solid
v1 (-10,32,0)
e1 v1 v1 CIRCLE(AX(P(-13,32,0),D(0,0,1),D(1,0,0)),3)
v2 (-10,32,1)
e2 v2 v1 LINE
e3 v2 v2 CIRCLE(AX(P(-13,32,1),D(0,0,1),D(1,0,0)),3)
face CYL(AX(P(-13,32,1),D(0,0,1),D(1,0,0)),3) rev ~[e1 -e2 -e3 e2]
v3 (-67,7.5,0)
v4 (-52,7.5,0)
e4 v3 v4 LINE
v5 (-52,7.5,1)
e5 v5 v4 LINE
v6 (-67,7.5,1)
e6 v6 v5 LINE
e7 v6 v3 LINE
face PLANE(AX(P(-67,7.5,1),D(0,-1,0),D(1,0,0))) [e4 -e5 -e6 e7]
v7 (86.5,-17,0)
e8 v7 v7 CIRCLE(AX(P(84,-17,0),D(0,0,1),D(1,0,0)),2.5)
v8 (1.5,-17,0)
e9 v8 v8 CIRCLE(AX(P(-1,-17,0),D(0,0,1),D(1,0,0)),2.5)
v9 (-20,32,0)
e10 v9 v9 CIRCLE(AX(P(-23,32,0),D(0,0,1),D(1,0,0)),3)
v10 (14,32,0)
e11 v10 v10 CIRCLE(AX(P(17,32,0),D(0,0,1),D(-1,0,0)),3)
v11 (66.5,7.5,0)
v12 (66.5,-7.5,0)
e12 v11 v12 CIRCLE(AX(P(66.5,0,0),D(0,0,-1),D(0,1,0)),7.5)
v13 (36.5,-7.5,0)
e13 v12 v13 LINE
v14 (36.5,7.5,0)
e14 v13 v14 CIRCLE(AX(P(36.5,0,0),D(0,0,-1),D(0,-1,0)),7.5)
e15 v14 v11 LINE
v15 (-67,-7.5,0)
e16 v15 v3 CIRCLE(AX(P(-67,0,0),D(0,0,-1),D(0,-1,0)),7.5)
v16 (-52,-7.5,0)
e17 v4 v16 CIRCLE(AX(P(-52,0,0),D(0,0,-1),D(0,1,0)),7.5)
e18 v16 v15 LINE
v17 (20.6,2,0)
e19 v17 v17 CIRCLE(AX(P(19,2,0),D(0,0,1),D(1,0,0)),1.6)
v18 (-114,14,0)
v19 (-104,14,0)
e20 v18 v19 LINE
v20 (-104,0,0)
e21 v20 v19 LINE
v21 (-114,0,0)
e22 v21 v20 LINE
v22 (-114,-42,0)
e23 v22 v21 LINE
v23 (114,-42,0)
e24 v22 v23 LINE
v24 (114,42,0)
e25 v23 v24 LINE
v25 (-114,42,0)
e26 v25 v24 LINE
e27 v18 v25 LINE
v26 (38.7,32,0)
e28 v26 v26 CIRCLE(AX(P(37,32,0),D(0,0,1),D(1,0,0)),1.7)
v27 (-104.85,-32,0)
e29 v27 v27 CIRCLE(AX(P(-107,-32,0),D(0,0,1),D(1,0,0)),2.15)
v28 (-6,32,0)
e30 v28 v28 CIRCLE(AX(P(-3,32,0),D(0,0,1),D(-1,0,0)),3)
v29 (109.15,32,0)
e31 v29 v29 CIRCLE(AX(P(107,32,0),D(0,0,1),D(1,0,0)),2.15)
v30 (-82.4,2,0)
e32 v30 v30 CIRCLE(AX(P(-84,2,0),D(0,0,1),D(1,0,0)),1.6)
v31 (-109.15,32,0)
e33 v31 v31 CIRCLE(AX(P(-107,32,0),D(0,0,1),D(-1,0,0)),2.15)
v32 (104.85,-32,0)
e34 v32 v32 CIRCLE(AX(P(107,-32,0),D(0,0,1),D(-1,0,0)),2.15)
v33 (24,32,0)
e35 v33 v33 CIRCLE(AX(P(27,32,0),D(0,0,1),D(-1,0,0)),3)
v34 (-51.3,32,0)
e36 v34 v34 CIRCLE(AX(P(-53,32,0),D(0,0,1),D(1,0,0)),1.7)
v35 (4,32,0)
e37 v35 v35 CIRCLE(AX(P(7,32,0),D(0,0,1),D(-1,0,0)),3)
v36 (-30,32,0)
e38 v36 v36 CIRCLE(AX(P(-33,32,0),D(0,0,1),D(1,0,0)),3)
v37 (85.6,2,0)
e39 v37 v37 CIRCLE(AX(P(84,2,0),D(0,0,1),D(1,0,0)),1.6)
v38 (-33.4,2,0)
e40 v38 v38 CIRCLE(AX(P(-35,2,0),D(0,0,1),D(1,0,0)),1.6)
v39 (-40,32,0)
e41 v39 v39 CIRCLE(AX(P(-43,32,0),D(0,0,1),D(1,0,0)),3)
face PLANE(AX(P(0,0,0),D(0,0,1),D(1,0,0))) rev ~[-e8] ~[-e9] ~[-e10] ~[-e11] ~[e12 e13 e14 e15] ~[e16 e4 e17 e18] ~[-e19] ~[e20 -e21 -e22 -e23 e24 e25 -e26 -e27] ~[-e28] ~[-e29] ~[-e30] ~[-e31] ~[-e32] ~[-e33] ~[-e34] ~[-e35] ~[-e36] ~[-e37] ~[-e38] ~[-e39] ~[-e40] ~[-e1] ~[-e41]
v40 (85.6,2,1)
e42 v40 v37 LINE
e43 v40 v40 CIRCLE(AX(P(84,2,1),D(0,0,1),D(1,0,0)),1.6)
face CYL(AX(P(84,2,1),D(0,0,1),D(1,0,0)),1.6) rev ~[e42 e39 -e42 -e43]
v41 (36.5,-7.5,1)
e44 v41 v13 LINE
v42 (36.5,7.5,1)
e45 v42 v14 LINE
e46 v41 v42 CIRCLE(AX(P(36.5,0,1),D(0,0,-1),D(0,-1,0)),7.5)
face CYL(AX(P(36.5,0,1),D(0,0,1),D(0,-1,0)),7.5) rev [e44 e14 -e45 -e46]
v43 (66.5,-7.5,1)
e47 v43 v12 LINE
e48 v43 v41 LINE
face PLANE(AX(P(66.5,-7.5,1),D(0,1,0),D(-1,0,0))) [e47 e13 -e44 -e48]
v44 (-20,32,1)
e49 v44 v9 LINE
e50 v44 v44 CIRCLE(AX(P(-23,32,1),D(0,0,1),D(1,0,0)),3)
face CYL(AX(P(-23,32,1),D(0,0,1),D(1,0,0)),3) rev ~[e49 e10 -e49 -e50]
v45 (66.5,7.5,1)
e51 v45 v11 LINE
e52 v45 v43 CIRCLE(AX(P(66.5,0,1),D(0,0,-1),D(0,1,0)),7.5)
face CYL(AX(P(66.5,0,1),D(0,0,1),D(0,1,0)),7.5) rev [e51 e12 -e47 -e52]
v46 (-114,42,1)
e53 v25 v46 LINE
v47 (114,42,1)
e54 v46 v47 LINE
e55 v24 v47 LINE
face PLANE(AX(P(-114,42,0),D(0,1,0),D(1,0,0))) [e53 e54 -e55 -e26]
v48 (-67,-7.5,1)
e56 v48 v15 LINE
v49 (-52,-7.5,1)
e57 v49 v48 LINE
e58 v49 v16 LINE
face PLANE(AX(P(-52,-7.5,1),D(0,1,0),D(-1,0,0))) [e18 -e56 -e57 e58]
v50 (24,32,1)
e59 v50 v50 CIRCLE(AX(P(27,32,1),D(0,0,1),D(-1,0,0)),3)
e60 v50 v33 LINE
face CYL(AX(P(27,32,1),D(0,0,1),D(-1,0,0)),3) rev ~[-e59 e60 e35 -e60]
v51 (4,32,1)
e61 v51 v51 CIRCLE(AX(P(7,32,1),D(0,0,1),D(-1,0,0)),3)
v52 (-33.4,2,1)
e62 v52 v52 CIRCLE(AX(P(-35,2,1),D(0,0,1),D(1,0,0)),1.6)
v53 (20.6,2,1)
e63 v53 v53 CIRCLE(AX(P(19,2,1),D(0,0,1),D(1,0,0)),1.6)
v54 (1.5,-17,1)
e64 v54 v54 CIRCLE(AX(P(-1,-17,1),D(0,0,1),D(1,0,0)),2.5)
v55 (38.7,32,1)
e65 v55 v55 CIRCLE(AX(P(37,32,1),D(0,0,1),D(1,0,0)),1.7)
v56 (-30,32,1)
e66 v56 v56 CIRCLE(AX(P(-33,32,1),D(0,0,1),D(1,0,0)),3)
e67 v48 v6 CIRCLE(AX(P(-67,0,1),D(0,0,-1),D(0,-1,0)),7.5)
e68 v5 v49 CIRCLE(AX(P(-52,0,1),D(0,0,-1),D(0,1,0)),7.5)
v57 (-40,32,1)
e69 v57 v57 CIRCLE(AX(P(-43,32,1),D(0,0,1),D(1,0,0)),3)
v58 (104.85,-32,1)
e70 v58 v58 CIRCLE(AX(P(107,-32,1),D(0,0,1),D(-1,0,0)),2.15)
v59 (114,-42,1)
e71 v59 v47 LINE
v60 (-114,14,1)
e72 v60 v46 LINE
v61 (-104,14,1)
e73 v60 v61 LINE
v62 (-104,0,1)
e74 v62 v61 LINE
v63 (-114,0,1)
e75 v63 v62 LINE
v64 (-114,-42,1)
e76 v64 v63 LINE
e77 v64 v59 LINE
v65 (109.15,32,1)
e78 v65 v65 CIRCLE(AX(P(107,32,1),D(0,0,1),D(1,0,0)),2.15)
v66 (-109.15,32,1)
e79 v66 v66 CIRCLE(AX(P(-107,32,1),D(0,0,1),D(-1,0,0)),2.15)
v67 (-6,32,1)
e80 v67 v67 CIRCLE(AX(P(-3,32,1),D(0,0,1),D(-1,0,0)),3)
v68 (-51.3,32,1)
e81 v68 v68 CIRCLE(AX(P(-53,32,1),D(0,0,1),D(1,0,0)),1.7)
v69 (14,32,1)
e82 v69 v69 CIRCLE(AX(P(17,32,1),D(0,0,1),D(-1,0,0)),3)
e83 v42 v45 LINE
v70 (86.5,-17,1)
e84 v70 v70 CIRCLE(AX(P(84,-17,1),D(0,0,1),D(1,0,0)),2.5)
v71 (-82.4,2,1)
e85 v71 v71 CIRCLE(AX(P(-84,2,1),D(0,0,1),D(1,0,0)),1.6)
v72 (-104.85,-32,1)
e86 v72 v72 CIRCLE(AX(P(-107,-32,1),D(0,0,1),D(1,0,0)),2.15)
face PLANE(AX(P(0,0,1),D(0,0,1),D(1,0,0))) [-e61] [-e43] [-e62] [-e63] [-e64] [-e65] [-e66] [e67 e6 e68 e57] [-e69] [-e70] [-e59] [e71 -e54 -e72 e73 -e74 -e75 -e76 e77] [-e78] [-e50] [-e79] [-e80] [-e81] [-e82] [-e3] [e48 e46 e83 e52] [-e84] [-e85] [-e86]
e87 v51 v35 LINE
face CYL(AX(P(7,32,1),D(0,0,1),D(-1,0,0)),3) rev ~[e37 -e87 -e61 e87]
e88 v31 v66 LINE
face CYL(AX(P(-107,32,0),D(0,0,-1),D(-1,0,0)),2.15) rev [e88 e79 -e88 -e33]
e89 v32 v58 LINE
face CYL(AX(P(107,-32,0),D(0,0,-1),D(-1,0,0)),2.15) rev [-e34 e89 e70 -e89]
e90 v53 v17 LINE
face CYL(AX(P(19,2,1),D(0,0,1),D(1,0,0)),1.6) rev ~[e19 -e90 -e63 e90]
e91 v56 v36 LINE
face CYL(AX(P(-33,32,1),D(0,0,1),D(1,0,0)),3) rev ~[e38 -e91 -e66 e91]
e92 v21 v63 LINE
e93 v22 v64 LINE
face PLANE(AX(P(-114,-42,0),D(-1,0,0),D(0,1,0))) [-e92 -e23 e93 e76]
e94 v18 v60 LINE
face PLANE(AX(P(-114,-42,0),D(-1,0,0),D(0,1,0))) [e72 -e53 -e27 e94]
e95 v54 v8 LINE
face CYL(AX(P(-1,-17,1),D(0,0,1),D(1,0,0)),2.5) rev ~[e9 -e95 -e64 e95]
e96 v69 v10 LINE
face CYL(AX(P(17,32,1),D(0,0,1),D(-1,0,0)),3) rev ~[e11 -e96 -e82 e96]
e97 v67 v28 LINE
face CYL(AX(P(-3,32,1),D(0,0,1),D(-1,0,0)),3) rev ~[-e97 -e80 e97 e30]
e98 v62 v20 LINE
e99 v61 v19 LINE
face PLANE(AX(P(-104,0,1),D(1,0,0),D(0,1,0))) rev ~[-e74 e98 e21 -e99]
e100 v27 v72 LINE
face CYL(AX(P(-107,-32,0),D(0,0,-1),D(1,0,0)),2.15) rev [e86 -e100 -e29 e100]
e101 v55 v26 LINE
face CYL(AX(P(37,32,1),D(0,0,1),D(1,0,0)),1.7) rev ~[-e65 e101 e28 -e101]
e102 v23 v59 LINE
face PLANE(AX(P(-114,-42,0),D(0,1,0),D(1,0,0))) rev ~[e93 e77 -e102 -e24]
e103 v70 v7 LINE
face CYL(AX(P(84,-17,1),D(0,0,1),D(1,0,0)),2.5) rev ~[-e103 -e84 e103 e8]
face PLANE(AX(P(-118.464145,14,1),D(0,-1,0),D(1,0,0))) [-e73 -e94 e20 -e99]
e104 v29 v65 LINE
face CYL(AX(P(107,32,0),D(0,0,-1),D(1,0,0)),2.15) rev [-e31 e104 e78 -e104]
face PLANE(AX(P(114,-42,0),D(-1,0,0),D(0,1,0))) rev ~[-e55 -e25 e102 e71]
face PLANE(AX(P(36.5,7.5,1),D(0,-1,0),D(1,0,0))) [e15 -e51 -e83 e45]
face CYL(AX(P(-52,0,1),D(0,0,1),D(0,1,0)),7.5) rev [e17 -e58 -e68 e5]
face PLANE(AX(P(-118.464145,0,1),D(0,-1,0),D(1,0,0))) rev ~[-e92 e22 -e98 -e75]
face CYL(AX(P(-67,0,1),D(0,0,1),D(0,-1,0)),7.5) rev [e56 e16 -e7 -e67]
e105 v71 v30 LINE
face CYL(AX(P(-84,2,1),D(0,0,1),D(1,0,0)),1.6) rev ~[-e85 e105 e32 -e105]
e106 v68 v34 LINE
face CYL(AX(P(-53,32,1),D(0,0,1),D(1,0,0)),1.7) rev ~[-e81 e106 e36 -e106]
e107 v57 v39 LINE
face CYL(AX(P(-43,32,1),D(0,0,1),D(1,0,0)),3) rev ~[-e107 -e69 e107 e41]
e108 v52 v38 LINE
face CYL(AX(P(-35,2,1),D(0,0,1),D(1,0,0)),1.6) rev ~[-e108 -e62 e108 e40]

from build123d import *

# Parameters (mm, degrees)
SKETCH_1_W          = 228
SKETCH_1_H          = 84
SKETCH_1_R          = 2.15
EXTRUDE_1_DEPTH     = 1
SKETCH_4_R          = 1.6
SKETCH_4_W          = 14.464145402
SKETCH_4_H          = 14
CUT_EXTRUDE_2_DEPTH = 1
SKETCH_5_R          = 1.7
SKETCH_5_R_2        = 3
SKETCH_5_R_3        = 2.5
CUT_EXTRUDE_3_DEPTH = 10


with BuildPart() as part:
    # Эскиз1 → Вытянуть1 (new body)
    with BuildSketch(Plane.XY):
        Rectangle(SKETCH_1_W, SKETCH_1_H)
        with Locations((107, 32)):
            Circle(SKETCH_1_R, mode=Mode.SUBTRACT)
        with Locations(Location((-107, 32, 0), (0, 0, 180))):
            Circle(SKETCH_1_R, mode=Mode.SUBTRACT)
        with Locations((-107, -32)):
            Circle(SKETCH_1_R, mode=Mode.SUBTRACT)
        with Locations(Location((107, -32, 0), (0, 0, 180))):
            Circle(SKETCH_1_R, mode=Mode.SUBTRACT)
    extrude(amount=EXTRUDE_1_DEPTH)

    # Эскиз4 → Вырез-Вытянуть2 (cut)
    with BuildSketch(Plane.XY.offset(1)):
        with Locations((19, 2)):
            Circle(SKETCH_4_R)
        with Locations((84, 2)):
            Circle(SKETCH_4_R)
        with Locations((-84, 2)):
            Circle(SKETCH_4_R)
        with Locations((-35, 2)):
            Circle(SKETCH_4_R)
        with BuildLine():
            Line((36.5, 7.5), (66.5, 7.5))
            ThreePointArc((66.5, 7.5), (74, 0), (66.5, -7.5))
            Line((66.5, -7.5), (36.5, -7.5))
            ThreePointArc((36.5, -7.5), (29, 0), (36.5, 7.5))
        make_face()
        with BuildLine():
            Line((-67, 7.5), (-52, 7.5))
            ThreePointArc((-52, 7.5), (-44.5, 0), (-52, -7.5))
            Line((-52, -7.5), (-67, -7.5))
            ThreePointArc((-67, -7.5), (-74.5, 0), (-67, 7.5))
        make_face()
        with Locations((-111.232072701, 7)):
            Rectangle(SKETCH_4_W, SKETCH_4_H)
    extrude(amount=-CUT_EXTRUDE_2_DEPTH, mode=Mode.SUBTRACT)

    # Эскиз5 → Вырез-Вытянуть3 (cut)
    with BuildSketch(Plane.XY.offset(1)):
        with Locations((-53, 32)):
            Circle(SKETCH_5_R)
        with Locations((37, 32)):
            Circle(SKETCH_5_R)
        with Locations((-13, 32)):
            Circle(SKETCH_5_R_2)
        with Locations((-23, 32)):
            Circle(SKETCH_5_R_2)
        with Locations((-33, 32)):
            Circle(SKETCH_5_R_2)
        with Locations((-43, 32)):
            Circle(SKETCH_5_R_2)
        with Locations((-1, -17)):
            Circle(SKETCH_5_R_3)
        with Locations((84, -17)):
            Circle(SKETCH_5_R_3)
        with Locations(Location((-3, 32, 0), (0, 0, 180))):
            Circle(SKETCH_5_R_2)
        with Locations(Location((7, 32, 0), (0, 0, 180))):
            Circle(SKETCH_5_R_2)
        with Locations(Location((17, 32, 0), (0, 0, 180))):
            Circle(SKETCH_5_R_2)
        with Locations(Location((27, 32, 0), (0, 0, 180))):
            Circle(SKETCH_5_R_2)
    extrude(amount=-CUT_EXTRUDE_3_DEPTH, mode=Mode.SUBTRACT)


solid = part.part
